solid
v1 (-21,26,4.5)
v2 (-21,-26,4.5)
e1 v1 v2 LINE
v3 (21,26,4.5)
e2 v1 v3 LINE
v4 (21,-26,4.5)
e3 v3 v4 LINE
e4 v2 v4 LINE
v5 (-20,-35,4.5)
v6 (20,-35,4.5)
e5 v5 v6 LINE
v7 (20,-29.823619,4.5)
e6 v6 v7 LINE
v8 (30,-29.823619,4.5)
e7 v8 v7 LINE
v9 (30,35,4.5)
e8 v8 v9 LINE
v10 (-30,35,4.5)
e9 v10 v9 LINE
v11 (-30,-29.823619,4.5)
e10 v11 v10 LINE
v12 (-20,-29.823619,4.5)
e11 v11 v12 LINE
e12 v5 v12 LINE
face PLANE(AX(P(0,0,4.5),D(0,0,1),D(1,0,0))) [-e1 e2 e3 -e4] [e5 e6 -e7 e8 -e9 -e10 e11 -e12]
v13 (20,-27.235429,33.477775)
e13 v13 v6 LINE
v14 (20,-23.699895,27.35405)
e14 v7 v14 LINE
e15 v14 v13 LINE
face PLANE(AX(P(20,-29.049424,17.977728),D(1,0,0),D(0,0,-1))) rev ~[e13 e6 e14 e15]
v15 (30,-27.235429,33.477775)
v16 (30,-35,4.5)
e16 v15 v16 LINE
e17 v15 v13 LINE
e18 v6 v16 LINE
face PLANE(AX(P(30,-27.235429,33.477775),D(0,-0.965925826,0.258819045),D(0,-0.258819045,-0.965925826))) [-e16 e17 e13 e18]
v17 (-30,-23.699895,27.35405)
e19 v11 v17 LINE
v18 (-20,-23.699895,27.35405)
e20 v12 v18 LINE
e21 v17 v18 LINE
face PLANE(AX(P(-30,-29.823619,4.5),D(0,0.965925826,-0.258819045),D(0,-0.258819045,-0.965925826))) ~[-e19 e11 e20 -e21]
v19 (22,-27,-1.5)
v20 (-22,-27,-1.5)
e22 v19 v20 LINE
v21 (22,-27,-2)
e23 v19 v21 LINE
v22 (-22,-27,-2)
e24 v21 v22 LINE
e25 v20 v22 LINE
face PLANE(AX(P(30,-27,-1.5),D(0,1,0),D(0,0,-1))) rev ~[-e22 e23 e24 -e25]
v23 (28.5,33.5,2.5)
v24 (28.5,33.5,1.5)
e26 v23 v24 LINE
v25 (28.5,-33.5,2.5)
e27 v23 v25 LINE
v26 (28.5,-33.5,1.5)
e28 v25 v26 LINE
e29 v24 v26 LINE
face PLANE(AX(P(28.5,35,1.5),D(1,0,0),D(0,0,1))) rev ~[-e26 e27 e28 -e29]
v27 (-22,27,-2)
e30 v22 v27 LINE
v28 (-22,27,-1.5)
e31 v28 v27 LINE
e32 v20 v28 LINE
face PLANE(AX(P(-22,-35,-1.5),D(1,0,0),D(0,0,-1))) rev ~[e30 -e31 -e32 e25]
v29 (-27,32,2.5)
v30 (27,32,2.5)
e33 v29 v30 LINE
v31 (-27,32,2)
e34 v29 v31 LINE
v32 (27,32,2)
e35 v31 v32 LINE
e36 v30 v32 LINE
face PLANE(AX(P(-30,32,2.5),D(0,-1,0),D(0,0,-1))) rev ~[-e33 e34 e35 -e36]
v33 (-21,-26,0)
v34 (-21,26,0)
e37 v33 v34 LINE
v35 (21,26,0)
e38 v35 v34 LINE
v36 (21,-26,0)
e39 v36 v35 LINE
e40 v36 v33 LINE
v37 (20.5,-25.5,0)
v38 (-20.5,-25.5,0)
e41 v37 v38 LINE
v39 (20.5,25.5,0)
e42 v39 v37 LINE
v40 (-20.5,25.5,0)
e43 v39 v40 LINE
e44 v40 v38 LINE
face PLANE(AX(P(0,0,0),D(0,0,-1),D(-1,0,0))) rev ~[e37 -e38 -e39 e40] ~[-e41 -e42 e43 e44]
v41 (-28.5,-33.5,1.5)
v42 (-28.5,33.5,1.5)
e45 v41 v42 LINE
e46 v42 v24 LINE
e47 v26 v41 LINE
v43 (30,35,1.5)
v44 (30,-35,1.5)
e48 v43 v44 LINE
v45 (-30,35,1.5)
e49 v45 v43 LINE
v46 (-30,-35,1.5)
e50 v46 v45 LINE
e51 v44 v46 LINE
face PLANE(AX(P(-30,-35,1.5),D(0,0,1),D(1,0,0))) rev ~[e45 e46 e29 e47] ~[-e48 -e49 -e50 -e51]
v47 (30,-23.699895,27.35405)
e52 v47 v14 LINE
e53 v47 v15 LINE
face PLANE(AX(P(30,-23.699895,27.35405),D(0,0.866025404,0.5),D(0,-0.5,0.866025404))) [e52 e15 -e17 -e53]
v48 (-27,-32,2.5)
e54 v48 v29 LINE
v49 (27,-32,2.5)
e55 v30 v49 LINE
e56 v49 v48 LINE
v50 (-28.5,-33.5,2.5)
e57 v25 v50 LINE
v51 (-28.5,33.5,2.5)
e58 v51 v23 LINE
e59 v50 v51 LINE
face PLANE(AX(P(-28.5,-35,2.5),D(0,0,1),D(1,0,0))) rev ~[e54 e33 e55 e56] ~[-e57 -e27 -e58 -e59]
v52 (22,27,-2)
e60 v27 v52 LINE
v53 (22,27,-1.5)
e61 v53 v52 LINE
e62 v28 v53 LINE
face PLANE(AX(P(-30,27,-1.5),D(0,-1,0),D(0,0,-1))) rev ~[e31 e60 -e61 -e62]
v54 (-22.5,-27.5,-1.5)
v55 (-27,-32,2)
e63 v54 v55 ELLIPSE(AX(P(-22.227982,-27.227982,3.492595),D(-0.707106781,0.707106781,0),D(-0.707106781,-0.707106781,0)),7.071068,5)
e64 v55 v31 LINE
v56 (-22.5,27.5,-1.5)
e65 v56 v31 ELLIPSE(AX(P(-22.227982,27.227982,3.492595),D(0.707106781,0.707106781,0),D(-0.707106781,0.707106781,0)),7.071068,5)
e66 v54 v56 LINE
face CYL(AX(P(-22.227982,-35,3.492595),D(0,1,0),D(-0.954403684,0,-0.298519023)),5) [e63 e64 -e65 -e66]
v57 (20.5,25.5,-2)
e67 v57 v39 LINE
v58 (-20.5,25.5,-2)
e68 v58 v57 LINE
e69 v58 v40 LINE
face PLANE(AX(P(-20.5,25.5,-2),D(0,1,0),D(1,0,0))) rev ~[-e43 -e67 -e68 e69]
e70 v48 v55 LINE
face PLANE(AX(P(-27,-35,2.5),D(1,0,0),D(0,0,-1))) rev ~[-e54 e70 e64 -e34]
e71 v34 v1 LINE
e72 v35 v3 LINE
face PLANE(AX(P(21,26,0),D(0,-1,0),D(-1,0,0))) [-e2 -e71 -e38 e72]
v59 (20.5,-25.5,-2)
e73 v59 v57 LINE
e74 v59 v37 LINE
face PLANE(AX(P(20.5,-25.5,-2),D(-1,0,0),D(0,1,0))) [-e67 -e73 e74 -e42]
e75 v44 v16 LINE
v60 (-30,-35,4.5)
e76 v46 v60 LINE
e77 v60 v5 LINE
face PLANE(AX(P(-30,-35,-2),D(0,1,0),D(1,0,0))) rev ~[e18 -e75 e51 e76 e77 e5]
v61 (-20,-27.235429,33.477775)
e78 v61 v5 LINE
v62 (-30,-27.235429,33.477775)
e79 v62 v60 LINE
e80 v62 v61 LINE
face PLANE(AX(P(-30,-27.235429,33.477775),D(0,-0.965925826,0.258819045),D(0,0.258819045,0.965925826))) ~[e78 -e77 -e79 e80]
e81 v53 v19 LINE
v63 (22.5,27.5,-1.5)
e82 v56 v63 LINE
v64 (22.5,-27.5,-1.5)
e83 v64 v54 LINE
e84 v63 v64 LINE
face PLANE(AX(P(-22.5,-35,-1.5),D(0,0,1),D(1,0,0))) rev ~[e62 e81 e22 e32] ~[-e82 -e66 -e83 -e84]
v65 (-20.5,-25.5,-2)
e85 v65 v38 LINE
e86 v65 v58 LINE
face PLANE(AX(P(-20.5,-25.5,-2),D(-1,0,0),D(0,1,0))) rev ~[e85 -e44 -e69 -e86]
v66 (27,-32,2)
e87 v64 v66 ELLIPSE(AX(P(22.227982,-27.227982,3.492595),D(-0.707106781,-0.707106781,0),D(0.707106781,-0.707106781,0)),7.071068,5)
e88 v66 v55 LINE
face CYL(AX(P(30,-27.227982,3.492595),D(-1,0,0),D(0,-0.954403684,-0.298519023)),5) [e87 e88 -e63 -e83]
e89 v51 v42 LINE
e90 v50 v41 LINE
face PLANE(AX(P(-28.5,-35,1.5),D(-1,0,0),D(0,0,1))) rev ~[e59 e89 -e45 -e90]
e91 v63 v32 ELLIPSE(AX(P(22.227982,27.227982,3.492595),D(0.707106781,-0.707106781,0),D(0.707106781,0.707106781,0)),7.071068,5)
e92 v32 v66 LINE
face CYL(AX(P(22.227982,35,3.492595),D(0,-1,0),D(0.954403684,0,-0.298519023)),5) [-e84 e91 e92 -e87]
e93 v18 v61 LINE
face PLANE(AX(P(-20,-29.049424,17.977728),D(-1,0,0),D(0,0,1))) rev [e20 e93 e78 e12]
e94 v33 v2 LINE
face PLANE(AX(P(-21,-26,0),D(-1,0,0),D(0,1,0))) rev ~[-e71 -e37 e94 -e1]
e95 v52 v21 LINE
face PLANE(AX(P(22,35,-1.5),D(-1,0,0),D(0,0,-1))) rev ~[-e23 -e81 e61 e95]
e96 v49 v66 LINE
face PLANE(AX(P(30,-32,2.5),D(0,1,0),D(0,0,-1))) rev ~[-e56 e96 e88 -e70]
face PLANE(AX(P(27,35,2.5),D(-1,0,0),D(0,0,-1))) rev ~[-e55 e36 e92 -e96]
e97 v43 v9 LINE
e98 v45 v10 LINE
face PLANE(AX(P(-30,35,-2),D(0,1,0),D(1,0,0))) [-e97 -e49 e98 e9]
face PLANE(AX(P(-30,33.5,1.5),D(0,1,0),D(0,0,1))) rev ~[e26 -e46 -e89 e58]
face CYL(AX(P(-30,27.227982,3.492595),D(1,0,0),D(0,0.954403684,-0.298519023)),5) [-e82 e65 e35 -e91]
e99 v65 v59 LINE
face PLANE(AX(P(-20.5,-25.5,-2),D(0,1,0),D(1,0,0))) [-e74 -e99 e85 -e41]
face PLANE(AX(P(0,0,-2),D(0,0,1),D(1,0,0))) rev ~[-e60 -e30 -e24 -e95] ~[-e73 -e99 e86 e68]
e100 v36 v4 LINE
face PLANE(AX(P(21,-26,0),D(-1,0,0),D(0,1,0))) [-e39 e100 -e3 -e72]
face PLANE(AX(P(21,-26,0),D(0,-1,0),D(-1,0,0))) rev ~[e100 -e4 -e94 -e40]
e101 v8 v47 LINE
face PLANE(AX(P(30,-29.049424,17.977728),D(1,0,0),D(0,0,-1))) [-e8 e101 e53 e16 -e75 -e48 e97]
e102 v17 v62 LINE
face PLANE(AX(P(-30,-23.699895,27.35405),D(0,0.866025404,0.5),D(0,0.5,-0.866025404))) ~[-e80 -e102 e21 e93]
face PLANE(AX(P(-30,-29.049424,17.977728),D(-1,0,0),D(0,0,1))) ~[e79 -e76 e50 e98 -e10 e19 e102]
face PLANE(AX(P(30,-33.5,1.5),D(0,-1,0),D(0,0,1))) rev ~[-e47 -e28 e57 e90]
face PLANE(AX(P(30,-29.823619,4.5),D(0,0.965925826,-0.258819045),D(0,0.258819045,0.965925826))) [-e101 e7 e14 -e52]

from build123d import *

# Parameters (mm, degrees)
EXTRUDE_1_DEPTH      = 4.5
EXTRUDE_1_DEPTH_BACK = 2
SKETCH_1_W           = 60
SKETCH_1_H           = 70
SKETCH_1_W_2         = 41
SKETCH_1_H_2         = 51
SKETCH_2_W           = 42
SKETCH_2_H           = 52
CUT_EXTRUDE_2_DEPTH  = 47.316843588
EXTRUDE_2_DEPTH      = 10


with BuildPart() as part:
    # Эскиз1 → Бобышка-Вытянуть1 (new, two sides: drawn at the far end of the back side and taken through both)
    with BuildSketch(Plane.XY.offset(-EXTRUDE_1_DEPTH_BACK)):
        Rectangle(SKETCH_1_W, SKETCH_1_H)
        Rectangle(SKETCH_1_W_2, SKETCH_1_H_2, mode=Mode.SUBTRACT)
    extrude(amount=EXTRUDE_1_DEPTH + EXTRUDE_1_DEPTH_BACK)

    # Эскиз2 → Вырез-Вытянуть2 (cut, through all)
    with BuildSketch(Plane(origin=(0, 0, 0), x_dir=(-1, 0, 0), z_dir=(0, 0, -1))):
        Rectangle(SKETCH_2_W, SKETCH_2_H)
    extrude(amount=-CUT_EXTRUDE_2_DEPTH, mode=Mode.SUBTRACT)

    # Вырез-По траектории1: sweep along a path in Эскиз4
    with BuildLine(Plane(origin=(0, 0, -2), x_dir=(-1, 0, 0), z_dir=(0, 0, -1))) as sweep_1_path:
        Line((-30, 35), (-30, -35))
        Line((-30, -35), (30, -35))
        Line((30, -35), (30, 35))
        Line((30, 35), (-30, 35))
    # Эскиз3 → Вырез-По траектории1 (sweep, cut)
    with BuildSketch(Plane(origin=(0, -35, 0), x_dir=(-1, 0, 0), z_dir=(0, -1, 0))):
        with BuildLine():
            Line((-30, 2), (-30, -1.5))
            Line((-30, -1.5), (-28.5, -1.5))
            Line((-28.5, -1.5), (-28.5, -2.5))
            Line((-28.5, -2.5), (-27, -2.5))
            Line((-27, -2.5), (-27, -2))
            ThreePointArc((-27, -2), (-25.297684645, 0.454165972), (-22.5, 1.5))
            Line((-22.5, 1.5), (-22, 1.5))
            Line((-22, 1.5), (-22, 2))
            Line((-22, 2), (-30, 2))
        make_face()
    sweep(path=sweep_1_path.line, transition=Transition.RIGHT, mode=Mode.SUBTRACT)

    # Эскиз5 → Бобышка-Вытянуть2 (add)
    with BuildSketch(Plane(origin=(30, 0, 0), x_dir=(0, 0, -1), z_dir=(1, 0, 0))):
        Polygon((-33.477774789, -27.235428647), (-4.5, -35), (-4.5, -29.823619098), (-27.354050432, -23.699894741), align=None)
    extrude_2 = extrude(amount=-EXTRUDE_2_DEPTH)

    # Зеркальное отражение1: Бобышка-Вытянуть2 across plane
    add(extrude_2.mirror(Plane(origin=(0, 0, 0), x_dir=(0, 0, 1), z_dir=(1, 0, 0))))


solid = part.part
